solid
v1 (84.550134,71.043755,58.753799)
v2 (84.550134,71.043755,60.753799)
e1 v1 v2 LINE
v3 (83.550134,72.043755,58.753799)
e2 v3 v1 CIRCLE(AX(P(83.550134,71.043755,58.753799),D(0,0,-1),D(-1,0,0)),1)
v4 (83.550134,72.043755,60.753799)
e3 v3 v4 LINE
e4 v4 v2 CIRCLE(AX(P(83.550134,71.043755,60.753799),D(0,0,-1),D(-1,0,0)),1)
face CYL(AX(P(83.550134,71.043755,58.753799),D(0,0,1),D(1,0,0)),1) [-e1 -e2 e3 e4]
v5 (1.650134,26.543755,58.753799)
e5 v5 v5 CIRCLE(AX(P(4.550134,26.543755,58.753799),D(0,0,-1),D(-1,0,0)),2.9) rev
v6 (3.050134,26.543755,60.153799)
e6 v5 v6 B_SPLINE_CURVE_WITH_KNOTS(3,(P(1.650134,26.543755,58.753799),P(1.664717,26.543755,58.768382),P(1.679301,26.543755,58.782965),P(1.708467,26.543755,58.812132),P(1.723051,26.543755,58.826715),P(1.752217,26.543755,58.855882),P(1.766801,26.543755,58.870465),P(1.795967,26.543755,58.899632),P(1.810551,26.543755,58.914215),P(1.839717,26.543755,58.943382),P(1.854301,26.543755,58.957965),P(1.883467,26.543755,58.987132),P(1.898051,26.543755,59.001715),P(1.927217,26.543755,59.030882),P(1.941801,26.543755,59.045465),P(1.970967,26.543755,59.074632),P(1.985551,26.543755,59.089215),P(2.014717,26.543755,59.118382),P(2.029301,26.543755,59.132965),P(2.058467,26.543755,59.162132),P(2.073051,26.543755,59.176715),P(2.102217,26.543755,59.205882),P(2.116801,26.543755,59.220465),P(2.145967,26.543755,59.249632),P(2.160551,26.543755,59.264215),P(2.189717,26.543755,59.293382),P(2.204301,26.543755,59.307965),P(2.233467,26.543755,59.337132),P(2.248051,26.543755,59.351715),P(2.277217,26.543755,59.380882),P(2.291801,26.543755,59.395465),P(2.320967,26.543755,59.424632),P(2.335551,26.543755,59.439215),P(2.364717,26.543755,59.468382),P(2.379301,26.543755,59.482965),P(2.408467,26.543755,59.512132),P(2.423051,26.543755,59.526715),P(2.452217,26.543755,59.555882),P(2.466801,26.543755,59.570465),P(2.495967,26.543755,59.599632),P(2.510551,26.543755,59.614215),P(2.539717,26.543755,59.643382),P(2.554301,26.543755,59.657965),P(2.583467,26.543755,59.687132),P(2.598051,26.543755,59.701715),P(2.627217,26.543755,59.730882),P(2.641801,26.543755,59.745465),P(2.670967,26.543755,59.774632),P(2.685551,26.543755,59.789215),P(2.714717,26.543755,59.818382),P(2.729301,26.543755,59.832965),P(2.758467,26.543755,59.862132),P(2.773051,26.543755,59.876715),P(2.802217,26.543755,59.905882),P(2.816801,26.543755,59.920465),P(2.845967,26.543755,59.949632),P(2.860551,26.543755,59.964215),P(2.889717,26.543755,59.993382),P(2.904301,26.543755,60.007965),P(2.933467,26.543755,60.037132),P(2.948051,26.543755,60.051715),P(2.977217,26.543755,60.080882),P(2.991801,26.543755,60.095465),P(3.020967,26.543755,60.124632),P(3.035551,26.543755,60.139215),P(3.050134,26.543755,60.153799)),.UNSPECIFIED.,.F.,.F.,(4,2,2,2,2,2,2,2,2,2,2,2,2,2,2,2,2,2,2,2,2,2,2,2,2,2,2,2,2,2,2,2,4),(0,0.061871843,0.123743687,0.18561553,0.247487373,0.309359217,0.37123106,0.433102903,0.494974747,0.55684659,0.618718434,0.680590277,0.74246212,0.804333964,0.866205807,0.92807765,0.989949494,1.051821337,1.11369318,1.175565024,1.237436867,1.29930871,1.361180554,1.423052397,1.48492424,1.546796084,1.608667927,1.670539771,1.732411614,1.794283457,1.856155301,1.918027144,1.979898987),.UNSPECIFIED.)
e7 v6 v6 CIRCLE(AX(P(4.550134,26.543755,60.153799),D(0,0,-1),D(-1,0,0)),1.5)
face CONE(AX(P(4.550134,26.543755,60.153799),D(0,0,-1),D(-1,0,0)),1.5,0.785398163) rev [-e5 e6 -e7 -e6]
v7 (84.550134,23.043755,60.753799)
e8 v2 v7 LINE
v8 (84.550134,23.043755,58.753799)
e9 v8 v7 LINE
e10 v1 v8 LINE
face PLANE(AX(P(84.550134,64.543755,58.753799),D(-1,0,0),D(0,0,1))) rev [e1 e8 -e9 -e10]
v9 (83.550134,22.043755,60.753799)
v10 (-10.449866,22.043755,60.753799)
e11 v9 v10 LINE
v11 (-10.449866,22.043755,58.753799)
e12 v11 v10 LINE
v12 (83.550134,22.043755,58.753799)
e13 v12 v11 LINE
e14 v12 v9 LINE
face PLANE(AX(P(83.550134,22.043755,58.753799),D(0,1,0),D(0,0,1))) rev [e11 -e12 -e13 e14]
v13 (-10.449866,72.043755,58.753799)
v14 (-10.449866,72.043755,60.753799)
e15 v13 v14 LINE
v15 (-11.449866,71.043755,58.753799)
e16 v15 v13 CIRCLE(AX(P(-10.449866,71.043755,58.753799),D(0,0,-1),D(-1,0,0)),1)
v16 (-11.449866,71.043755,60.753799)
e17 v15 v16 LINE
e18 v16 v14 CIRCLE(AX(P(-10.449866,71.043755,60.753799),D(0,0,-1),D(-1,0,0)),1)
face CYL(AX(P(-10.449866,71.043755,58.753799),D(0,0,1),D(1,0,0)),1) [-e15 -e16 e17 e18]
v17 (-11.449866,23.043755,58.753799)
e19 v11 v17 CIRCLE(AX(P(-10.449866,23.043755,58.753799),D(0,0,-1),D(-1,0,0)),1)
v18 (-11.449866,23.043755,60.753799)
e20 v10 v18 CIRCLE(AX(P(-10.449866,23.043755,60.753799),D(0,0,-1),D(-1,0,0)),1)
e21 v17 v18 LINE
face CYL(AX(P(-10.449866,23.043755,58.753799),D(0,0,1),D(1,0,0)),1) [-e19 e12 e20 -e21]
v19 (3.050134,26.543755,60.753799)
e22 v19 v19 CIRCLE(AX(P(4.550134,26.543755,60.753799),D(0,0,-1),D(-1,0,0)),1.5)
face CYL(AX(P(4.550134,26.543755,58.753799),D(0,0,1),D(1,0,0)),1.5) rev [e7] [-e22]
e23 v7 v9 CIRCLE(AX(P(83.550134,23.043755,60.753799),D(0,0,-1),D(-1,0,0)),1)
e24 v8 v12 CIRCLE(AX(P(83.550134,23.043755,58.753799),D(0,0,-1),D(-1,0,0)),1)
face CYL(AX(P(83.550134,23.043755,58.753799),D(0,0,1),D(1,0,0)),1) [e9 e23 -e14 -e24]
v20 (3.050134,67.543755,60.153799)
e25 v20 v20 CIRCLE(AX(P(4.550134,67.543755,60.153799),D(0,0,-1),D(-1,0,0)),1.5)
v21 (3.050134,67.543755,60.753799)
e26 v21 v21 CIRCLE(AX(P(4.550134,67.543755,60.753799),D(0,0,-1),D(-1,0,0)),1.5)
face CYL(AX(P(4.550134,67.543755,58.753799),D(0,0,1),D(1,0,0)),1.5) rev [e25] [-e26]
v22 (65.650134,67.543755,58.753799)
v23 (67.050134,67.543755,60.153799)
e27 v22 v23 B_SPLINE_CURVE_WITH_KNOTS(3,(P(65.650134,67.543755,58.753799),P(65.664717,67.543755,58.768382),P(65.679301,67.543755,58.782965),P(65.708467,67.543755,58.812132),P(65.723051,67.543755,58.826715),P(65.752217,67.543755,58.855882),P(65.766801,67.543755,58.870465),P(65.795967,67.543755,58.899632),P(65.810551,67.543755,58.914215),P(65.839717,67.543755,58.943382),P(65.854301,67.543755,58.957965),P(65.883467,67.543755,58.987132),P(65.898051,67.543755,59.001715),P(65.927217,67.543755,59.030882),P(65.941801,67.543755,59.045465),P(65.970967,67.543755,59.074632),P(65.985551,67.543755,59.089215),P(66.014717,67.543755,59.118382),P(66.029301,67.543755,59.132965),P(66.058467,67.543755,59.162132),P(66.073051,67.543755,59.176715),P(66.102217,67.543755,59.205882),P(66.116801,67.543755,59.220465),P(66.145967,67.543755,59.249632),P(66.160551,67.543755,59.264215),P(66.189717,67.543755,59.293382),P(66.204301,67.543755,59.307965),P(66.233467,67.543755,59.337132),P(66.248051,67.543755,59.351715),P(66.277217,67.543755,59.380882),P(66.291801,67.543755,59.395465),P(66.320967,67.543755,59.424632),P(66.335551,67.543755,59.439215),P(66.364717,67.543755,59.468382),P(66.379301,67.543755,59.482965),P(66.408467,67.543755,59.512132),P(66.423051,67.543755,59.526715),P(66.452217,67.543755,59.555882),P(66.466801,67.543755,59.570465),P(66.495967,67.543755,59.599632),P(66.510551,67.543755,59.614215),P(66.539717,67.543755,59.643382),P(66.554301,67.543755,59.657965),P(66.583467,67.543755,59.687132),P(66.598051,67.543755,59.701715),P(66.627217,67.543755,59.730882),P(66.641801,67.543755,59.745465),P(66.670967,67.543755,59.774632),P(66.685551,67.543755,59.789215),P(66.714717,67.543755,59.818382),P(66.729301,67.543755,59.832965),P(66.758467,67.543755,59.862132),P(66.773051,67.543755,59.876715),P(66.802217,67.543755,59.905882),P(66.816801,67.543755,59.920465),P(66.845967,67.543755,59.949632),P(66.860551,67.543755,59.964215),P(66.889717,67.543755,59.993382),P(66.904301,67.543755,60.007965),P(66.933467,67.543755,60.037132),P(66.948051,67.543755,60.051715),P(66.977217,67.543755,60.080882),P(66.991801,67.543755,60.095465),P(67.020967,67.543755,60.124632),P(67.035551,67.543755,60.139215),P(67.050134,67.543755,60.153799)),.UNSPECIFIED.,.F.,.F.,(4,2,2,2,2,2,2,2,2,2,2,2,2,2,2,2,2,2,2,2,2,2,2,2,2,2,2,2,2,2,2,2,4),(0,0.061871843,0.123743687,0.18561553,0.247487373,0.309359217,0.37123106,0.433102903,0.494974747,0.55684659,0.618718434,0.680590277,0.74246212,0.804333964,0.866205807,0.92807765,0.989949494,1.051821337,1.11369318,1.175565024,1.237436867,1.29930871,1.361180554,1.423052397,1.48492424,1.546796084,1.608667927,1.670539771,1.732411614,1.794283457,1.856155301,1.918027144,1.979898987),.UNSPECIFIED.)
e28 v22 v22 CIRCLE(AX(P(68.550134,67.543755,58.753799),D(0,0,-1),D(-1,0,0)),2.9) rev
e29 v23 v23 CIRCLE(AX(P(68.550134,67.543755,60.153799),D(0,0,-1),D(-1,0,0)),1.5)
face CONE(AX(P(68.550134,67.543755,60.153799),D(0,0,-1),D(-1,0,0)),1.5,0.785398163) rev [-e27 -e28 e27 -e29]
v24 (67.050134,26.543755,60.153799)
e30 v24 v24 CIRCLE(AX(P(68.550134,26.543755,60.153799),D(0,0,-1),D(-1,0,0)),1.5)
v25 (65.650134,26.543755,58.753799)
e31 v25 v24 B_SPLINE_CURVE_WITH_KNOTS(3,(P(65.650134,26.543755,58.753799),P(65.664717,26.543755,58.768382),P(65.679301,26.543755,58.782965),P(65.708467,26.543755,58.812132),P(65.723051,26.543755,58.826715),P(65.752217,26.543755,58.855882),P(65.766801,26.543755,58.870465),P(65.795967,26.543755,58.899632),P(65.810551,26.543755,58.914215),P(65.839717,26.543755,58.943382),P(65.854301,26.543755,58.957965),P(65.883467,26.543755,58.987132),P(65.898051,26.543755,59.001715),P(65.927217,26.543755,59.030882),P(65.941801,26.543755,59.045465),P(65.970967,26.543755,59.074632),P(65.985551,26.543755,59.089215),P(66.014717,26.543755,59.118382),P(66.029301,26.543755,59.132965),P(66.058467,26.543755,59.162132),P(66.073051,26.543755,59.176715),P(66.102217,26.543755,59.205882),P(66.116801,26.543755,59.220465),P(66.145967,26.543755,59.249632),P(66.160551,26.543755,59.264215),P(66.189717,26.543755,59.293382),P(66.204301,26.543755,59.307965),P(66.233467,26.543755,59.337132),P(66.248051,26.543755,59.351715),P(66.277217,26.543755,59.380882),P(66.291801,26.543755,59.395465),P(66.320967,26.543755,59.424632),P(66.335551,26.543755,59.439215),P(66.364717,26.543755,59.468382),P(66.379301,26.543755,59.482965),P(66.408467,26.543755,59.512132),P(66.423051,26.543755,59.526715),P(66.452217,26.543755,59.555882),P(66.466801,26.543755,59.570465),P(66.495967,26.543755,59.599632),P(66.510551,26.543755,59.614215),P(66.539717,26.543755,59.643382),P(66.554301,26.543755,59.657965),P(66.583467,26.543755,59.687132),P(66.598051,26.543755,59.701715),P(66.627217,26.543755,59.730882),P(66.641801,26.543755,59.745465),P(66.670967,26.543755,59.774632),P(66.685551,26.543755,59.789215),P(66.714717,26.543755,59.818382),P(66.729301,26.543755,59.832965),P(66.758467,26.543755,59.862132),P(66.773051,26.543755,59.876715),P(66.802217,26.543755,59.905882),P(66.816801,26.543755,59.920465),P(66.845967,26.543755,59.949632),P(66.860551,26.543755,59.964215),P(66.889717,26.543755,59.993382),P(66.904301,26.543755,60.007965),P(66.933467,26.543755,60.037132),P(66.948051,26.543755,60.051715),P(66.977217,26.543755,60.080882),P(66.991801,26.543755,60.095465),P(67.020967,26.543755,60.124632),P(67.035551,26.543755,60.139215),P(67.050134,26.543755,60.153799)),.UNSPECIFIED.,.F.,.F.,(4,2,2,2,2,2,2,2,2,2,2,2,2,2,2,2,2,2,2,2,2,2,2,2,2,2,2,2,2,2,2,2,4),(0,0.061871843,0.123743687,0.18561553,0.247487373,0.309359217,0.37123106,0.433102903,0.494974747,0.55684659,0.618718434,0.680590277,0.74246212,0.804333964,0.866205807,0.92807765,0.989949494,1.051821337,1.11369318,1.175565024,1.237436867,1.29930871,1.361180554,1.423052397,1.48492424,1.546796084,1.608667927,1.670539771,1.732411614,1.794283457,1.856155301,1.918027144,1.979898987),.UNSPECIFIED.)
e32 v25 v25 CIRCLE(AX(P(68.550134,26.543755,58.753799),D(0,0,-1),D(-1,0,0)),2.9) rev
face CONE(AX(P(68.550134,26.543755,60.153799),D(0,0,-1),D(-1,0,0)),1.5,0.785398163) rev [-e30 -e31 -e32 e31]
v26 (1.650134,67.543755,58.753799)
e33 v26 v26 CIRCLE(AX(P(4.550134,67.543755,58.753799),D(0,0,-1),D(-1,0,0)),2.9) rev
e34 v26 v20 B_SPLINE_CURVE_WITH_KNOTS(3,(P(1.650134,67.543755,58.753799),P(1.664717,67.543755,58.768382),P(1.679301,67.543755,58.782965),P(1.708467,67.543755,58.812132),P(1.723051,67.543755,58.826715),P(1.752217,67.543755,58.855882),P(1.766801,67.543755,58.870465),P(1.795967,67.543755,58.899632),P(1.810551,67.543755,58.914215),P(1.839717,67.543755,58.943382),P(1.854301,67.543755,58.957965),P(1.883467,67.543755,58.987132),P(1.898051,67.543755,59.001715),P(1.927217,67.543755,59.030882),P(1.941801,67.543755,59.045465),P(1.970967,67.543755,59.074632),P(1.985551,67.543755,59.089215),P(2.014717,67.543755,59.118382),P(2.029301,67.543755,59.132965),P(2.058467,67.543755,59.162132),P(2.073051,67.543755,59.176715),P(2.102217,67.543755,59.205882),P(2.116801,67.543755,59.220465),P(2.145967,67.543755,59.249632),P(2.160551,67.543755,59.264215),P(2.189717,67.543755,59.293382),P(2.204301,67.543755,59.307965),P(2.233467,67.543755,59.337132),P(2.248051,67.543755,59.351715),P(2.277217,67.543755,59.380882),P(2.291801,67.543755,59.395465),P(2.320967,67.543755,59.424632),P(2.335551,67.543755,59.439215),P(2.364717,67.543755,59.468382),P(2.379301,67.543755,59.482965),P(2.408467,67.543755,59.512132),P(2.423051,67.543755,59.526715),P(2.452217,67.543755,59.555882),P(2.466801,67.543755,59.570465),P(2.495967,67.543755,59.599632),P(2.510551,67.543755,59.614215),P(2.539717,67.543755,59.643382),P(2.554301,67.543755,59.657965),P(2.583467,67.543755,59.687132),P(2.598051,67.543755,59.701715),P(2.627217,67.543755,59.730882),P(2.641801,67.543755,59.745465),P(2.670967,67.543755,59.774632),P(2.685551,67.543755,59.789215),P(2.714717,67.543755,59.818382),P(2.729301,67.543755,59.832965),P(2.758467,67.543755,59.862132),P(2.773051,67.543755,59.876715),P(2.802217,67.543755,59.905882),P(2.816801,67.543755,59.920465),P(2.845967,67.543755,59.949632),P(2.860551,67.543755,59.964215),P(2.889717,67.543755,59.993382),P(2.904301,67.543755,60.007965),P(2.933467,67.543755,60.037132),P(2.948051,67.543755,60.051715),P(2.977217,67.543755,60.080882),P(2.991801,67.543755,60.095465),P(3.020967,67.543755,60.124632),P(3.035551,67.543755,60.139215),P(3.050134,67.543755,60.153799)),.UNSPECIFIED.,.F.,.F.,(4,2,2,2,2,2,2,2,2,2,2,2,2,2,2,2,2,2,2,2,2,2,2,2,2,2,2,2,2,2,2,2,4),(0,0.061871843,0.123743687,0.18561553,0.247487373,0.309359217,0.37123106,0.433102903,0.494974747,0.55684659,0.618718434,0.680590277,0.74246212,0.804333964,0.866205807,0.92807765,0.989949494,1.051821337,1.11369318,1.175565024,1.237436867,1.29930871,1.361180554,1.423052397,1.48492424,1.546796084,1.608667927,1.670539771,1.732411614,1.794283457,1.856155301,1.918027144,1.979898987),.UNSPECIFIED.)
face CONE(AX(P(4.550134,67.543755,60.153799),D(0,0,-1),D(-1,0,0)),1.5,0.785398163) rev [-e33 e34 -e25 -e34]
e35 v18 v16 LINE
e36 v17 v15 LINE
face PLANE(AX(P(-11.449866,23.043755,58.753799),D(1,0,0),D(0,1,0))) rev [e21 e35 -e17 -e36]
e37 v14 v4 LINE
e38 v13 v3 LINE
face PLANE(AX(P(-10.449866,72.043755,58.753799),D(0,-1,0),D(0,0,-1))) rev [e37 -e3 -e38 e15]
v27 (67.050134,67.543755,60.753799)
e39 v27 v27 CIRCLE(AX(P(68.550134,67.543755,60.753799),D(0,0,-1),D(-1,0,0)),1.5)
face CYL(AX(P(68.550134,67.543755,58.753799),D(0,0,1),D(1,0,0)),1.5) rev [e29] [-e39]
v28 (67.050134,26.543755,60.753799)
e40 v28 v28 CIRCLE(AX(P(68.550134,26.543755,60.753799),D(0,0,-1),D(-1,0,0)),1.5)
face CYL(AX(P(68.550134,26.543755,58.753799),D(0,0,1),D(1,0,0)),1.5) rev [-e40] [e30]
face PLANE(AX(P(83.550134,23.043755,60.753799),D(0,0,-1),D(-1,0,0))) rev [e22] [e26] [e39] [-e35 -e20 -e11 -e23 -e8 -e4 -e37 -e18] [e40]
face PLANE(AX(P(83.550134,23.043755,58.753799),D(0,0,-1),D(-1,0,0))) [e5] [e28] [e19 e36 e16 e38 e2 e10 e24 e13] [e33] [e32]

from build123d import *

# Parameters (mm, degrees)
SKETCH_1_R      = 1.5
EXTRUDE_2_DEPTH = 2
CHAMFER_1_SIZE  = 1.4


with BuildPart() as part:
    # Эскиз1 → Бобышка-Вытянуть2 (new body)
    with BuildSketch(Plane(origin=(0, 0, 60.753798787), x_dir=(-1, 0, 0), z_dir=(0, 0, -1))):
        with BuildLine():
            Line((-84.550134069, 64.543755027), (-84.550134069, 29.543755027))
            Line((-84.550134069, 29.543755027), (-84.550134069, 23.043755027))
            ThreePointArc((-84.550134069, 23.043755027), (-84.25724085, 22.336648246), (-83.550134069, 22.043755027))
            Line((-83.550134069, 22.043755027), (10.449865931, 22.043755027))
            ThreePointArc((10.449865931, 22.043755027), (11.156972713, 22.336648246), (11.449865931, 23.043755027))
            Line((11.449865931, 23.043755027), (11.449865931, 71.043755027))
            ThreePointArc((11.449865931, 71.043755027), (11.156972713, 71.750861809), (10.449865931, 72.043755027))
            Line((10.449865931, 72.043755027), (-83.550134069, 72.043755027))
            ThreePointArc((-83.550134069, 72.043755027), (-84.25724085, 71.750861809), (-84.550134069, 71.043755027))
            Line((-84.550134069, 71.043755027), (-84.550134069, 64.543755027))
        make_face()
        with Locations((-4.550134069, 67.543755027)):
            Circle(SKETCH_1_R, mode=Mode.SUBTRACT)
        with Locations((-68.550134069, 67.543755027)):
            Circle(SKETCH_1_R, mode=Mode.SUBTRACT)
        with Locations((-68.550134069, 26.543755027)):
            Circle(SKETCH_1_R, mode=Mode.SUBTRACT)
        with Locations((-4.550134069, 26.543755027)):
            Circle(SKETCH_1_R, mode=Mode.SUBTRACT)
    extrude(amount=EXTRUDE_2_DEPTH)

    # Фаска1
    chamfer_1_edges = [part.edges().sort_by_distance(p)[0] for p in [
        (6.050134069, 67.543755027, 58.753798787),
        (70.050134069, 67.543755027, 58.753798787),
        (70.050134069, 26.543755027, 58.753798787),
        (6.050134069, 26.543755027, 58.753798787),
    ]]
    chamfer(chamfer_1_edges, length=CHAMFER_1_SIZE)


solid = part.part
